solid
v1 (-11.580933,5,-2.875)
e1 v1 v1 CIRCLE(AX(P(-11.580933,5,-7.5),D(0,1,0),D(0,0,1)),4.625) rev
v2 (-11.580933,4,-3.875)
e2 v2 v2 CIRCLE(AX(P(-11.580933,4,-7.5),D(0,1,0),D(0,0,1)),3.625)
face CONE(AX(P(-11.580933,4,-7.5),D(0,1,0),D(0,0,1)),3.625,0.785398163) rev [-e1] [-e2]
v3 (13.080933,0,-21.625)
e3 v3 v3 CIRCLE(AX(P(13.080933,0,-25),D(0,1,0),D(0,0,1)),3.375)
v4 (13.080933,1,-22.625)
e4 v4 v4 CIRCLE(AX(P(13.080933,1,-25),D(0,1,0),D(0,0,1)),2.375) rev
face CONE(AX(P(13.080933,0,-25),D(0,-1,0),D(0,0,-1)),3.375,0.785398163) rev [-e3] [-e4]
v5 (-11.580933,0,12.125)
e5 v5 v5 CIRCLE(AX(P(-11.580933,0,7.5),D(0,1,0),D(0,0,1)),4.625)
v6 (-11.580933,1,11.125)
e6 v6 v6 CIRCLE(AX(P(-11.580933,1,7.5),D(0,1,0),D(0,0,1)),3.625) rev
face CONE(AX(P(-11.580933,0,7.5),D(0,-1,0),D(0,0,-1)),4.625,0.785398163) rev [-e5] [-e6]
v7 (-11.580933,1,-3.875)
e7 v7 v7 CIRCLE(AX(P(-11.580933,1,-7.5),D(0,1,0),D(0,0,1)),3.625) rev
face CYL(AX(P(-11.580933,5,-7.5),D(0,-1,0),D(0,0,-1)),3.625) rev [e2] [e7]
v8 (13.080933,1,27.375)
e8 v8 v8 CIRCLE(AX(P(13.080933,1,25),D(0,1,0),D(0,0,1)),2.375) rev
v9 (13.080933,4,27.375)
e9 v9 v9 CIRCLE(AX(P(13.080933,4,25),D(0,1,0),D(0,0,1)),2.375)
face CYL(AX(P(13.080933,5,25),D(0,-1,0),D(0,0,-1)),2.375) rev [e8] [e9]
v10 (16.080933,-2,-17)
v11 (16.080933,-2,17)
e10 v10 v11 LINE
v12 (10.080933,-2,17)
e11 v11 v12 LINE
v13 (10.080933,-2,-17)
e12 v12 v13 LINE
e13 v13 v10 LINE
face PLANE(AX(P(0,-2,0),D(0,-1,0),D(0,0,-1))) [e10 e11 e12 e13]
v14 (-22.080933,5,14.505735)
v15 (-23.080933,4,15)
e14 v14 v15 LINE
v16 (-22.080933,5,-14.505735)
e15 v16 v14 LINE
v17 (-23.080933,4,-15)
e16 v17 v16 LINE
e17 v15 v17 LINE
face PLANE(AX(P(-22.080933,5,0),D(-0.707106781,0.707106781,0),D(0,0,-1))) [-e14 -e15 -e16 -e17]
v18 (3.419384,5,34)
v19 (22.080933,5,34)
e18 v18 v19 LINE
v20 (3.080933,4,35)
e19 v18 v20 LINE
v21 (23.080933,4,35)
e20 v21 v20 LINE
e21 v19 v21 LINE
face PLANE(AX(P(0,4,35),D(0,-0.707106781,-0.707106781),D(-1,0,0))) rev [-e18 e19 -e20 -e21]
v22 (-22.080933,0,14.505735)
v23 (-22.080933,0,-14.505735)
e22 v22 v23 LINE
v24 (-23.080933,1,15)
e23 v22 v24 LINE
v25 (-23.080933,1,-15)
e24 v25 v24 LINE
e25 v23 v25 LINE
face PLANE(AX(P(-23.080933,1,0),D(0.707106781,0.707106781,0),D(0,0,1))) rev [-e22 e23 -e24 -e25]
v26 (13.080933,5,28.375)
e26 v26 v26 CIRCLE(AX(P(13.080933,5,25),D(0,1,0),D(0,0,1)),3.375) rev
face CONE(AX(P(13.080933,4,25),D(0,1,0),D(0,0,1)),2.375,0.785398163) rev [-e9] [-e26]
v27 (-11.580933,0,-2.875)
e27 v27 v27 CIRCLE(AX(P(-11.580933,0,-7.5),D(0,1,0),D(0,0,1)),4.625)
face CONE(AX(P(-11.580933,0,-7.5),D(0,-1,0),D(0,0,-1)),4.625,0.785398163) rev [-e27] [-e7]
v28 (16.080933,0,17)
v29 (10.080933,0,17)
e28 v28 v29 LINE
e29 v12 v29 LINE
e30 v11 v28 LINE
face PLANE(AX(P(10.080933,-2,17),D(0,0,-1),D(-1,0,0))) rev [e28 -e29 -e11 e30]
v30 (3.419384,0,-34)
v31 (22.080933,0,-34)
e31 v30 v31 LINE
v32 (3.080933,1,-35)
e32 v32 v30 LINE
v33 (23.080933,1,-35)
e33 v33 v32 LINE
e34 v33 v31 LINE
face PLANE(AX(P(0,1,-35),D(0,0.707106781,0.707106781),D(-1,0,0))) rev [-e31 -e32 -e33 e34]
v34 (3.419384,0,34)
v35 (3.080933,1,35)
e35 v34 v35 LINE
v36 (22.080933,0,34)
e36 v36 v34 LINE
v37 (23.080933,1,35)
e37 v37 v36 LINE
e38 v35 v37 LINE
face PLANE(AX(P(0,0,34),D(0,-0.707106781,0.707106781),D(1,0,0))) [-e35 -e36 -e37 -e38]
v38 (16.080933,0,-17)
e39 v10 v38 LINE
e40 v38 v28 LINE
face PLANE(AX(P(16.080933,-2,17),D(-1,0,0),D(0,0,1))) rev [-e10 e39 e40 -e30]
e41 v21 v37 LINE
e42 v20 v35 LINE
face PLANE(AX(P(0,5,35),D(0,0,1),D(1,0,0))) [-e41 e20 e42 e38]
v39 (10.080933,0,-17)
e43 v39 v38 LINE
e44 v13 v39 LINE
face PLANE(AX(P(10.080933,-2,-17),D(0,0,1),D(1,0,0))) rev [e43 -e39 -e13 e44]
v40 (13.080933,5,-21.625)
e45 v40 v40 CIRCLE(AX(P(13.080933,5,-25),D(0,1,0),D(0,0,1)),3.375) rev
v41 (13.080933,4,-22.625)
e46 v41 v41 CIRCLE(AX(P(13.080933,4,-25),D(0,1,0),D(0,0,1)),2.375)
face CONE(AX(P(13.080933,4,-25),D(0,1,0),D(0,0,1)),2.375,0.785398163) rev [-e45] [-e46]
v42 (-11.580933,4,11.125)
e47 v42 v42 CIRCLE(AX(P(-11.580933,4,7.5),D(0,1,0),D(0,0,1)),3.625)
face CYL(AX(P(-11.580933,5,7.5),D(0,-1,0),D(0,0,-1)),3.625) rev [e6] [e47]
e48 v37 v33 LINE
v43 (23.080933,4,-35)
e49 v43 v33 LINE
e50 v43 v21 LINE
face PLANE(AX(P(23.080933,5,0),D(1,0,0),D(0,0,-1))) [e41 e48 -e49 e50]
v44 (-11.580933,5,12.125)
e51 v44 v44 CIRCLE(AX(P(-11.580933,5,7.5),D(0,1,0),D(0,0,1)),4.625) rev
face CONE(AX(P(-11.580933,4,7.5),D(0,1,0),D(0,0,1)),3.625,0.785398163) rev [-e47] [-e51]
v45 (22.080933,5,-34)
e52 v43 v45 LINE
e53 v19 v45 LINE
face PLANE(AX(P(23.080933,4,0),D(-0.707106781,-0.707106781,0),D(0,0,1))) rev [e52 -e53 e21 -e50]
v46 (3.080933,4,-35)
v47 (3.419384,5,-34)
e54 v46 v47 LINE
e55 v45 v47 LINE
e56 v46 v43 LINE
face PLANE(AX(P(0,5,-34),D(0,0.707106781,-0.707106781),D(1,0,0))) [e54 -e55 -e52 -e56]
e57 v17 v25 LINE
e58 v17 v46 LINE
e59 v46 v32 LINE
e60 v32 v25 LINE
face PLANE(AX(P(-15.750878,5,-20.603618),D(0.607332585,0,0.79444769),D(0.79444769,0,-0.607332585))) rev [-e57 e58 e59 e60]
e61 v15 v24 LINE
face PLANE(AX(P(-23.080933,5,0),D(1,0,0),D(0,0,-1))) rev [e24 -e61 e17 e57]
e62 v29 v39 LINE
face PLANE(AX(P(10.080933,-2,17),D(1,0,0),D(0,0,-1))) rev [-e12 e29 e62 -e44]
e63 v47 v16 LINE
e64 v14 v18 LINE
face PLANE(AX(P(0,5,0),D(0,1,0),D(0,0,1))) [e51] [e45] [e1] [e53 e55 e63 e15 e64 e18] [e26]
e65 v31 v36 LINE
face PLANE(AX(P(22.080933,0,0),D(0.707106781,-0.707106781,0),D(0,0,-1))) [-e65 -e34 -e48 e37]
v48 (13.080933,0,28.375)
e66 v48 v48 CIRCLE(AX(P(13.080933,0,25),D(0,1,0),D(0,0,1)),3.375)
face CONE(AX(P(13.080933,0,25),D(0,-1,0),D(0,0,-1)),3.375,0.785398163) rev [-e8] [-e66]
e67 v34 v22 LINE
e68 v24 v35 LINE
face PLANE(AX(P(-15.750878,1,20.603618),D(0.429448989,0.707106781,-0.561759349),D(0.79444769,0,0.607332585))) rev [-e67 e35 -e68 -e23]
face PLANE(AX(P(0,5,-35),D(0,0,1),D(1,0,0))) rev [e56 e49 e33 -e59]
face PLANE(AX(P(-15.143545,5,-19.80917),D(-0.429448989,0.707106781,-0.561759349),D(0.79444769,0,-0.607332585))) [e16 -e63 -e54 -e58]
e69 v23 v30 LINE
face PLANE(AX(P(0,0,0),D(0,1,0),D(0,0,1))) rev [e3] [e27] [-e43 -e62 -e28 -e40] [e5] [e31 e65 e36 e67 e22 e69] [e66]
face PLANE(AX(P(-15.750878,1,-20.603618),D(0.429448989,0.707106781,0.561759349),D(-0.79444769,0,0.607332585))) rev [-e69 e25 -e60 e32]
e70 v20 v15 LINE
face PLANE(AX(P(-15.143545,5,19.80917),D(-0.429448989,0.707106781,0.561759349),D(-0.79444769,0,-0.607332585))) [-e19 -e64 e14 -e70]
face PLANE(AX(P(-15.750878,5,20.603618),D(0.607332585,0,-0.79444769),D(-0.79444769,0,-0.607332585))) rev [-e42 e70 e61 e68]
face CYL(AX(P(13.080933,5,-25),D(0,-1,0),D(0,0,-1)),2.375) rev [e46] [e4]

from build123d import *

# Parameters (mm, degrees)
ESBO_O1_R                = 3.625
ESBO_O1_R_2              = 2.375
RESSALTO_EXTRUS_O1_DEPTH = 5
CHANFRO2_SIZE            = 1
ESBO_O2_W                = 6
ESBO_O2_H                = 34
RESSALTO_EXTRUS_O2_DEPTH = 2


with BuildPart() as part:
    # Esboço1 → Ressalto-extrusão1 (new body)
    with BuildSketch(Plane(origin=(0, 0, 0), x_dir=(1, 0, 0), z_dir=(0, 1, 0))):
        Polygon((-23.080933084, -15), (3.080933084, -15), (3.080933084, -35), (23.080933084, -35), (23.080933084, -15), (23.080933084, 15), (23.080933084, 35), (3.080933084, 35), (3.080933084, 15), (-23.080933084, 15), align=None)
        with Locations((-11.580933084, -7.5)):
            Circle(ESBO_O1_R, mode=Mode.SUBTRACT)
        with Locations((-11.580933084, 7.5)):
            Circle(ESBO_O1_R, mode=Mode.SUBTRACT)
        with Locations((13.080933084, -25)):
            Circle(ESBO_O1_R_2, mode=Mode.SUBTRACT)
        with Locations((13.080933084, 25)):
            Circle(ESBO_O1_R_2, mode=Mode.SUBTRACT)
        Polygon((-23.080933084, 15), (3.080933084, 15), (3.080933084, 35), align=None)
        Polygon((3.080933084, -15), (3.080933084, -35), (-23.080933084, -15), align=None)
    extrude(amount=RESSALTO_EXTRUS_O1_DEPTH)

    # Chanfro2
    chanfro2_edges = [part.edges().sort_by_distance(p)[0] for p in [
        (10.705933084, 0, -25),
        (10.705933084, 0, 25),
        (-10, 5, -25),
        (-15.205933084, 0, -7.5),
        (-15.205933084, 0, 7.5),
        (23.080933084, 0, 0),
        (13.080933084, 0, 35),
        (-10, 0, 25),
        (-23.080933084, 0, 0),
        (-10, 0, -25),
        (-23.080933084, 5, 0),
        (13.080933084, 0, -35),
        (-10, 5, 25),
        (13.080933084, 5, 35),
        (23.080933084, 5, 0),
        (-15.205933084, 5, 7.5),
        (-15.205933084, 5, -7.5),
        (10.705933084, 5, 25),
        (10.705933084, 5, -25),
        (13.080933084, 5, -35),
    ]]
    chamfer(chanfro2_edges, length=CHANFRO2_SIZE)

    # Esboço2 → Ressalto-extrusão2 (add)
    with BuildSketch(Plane.XZ):
        with Locations((13.080933084, 0)):
            Rectangle(ESBO_O2_W, ESBO_O2_H)
    extrude(amount=RESSALTO_EXTRUS_O2_DEPTH)


solid = part.part
